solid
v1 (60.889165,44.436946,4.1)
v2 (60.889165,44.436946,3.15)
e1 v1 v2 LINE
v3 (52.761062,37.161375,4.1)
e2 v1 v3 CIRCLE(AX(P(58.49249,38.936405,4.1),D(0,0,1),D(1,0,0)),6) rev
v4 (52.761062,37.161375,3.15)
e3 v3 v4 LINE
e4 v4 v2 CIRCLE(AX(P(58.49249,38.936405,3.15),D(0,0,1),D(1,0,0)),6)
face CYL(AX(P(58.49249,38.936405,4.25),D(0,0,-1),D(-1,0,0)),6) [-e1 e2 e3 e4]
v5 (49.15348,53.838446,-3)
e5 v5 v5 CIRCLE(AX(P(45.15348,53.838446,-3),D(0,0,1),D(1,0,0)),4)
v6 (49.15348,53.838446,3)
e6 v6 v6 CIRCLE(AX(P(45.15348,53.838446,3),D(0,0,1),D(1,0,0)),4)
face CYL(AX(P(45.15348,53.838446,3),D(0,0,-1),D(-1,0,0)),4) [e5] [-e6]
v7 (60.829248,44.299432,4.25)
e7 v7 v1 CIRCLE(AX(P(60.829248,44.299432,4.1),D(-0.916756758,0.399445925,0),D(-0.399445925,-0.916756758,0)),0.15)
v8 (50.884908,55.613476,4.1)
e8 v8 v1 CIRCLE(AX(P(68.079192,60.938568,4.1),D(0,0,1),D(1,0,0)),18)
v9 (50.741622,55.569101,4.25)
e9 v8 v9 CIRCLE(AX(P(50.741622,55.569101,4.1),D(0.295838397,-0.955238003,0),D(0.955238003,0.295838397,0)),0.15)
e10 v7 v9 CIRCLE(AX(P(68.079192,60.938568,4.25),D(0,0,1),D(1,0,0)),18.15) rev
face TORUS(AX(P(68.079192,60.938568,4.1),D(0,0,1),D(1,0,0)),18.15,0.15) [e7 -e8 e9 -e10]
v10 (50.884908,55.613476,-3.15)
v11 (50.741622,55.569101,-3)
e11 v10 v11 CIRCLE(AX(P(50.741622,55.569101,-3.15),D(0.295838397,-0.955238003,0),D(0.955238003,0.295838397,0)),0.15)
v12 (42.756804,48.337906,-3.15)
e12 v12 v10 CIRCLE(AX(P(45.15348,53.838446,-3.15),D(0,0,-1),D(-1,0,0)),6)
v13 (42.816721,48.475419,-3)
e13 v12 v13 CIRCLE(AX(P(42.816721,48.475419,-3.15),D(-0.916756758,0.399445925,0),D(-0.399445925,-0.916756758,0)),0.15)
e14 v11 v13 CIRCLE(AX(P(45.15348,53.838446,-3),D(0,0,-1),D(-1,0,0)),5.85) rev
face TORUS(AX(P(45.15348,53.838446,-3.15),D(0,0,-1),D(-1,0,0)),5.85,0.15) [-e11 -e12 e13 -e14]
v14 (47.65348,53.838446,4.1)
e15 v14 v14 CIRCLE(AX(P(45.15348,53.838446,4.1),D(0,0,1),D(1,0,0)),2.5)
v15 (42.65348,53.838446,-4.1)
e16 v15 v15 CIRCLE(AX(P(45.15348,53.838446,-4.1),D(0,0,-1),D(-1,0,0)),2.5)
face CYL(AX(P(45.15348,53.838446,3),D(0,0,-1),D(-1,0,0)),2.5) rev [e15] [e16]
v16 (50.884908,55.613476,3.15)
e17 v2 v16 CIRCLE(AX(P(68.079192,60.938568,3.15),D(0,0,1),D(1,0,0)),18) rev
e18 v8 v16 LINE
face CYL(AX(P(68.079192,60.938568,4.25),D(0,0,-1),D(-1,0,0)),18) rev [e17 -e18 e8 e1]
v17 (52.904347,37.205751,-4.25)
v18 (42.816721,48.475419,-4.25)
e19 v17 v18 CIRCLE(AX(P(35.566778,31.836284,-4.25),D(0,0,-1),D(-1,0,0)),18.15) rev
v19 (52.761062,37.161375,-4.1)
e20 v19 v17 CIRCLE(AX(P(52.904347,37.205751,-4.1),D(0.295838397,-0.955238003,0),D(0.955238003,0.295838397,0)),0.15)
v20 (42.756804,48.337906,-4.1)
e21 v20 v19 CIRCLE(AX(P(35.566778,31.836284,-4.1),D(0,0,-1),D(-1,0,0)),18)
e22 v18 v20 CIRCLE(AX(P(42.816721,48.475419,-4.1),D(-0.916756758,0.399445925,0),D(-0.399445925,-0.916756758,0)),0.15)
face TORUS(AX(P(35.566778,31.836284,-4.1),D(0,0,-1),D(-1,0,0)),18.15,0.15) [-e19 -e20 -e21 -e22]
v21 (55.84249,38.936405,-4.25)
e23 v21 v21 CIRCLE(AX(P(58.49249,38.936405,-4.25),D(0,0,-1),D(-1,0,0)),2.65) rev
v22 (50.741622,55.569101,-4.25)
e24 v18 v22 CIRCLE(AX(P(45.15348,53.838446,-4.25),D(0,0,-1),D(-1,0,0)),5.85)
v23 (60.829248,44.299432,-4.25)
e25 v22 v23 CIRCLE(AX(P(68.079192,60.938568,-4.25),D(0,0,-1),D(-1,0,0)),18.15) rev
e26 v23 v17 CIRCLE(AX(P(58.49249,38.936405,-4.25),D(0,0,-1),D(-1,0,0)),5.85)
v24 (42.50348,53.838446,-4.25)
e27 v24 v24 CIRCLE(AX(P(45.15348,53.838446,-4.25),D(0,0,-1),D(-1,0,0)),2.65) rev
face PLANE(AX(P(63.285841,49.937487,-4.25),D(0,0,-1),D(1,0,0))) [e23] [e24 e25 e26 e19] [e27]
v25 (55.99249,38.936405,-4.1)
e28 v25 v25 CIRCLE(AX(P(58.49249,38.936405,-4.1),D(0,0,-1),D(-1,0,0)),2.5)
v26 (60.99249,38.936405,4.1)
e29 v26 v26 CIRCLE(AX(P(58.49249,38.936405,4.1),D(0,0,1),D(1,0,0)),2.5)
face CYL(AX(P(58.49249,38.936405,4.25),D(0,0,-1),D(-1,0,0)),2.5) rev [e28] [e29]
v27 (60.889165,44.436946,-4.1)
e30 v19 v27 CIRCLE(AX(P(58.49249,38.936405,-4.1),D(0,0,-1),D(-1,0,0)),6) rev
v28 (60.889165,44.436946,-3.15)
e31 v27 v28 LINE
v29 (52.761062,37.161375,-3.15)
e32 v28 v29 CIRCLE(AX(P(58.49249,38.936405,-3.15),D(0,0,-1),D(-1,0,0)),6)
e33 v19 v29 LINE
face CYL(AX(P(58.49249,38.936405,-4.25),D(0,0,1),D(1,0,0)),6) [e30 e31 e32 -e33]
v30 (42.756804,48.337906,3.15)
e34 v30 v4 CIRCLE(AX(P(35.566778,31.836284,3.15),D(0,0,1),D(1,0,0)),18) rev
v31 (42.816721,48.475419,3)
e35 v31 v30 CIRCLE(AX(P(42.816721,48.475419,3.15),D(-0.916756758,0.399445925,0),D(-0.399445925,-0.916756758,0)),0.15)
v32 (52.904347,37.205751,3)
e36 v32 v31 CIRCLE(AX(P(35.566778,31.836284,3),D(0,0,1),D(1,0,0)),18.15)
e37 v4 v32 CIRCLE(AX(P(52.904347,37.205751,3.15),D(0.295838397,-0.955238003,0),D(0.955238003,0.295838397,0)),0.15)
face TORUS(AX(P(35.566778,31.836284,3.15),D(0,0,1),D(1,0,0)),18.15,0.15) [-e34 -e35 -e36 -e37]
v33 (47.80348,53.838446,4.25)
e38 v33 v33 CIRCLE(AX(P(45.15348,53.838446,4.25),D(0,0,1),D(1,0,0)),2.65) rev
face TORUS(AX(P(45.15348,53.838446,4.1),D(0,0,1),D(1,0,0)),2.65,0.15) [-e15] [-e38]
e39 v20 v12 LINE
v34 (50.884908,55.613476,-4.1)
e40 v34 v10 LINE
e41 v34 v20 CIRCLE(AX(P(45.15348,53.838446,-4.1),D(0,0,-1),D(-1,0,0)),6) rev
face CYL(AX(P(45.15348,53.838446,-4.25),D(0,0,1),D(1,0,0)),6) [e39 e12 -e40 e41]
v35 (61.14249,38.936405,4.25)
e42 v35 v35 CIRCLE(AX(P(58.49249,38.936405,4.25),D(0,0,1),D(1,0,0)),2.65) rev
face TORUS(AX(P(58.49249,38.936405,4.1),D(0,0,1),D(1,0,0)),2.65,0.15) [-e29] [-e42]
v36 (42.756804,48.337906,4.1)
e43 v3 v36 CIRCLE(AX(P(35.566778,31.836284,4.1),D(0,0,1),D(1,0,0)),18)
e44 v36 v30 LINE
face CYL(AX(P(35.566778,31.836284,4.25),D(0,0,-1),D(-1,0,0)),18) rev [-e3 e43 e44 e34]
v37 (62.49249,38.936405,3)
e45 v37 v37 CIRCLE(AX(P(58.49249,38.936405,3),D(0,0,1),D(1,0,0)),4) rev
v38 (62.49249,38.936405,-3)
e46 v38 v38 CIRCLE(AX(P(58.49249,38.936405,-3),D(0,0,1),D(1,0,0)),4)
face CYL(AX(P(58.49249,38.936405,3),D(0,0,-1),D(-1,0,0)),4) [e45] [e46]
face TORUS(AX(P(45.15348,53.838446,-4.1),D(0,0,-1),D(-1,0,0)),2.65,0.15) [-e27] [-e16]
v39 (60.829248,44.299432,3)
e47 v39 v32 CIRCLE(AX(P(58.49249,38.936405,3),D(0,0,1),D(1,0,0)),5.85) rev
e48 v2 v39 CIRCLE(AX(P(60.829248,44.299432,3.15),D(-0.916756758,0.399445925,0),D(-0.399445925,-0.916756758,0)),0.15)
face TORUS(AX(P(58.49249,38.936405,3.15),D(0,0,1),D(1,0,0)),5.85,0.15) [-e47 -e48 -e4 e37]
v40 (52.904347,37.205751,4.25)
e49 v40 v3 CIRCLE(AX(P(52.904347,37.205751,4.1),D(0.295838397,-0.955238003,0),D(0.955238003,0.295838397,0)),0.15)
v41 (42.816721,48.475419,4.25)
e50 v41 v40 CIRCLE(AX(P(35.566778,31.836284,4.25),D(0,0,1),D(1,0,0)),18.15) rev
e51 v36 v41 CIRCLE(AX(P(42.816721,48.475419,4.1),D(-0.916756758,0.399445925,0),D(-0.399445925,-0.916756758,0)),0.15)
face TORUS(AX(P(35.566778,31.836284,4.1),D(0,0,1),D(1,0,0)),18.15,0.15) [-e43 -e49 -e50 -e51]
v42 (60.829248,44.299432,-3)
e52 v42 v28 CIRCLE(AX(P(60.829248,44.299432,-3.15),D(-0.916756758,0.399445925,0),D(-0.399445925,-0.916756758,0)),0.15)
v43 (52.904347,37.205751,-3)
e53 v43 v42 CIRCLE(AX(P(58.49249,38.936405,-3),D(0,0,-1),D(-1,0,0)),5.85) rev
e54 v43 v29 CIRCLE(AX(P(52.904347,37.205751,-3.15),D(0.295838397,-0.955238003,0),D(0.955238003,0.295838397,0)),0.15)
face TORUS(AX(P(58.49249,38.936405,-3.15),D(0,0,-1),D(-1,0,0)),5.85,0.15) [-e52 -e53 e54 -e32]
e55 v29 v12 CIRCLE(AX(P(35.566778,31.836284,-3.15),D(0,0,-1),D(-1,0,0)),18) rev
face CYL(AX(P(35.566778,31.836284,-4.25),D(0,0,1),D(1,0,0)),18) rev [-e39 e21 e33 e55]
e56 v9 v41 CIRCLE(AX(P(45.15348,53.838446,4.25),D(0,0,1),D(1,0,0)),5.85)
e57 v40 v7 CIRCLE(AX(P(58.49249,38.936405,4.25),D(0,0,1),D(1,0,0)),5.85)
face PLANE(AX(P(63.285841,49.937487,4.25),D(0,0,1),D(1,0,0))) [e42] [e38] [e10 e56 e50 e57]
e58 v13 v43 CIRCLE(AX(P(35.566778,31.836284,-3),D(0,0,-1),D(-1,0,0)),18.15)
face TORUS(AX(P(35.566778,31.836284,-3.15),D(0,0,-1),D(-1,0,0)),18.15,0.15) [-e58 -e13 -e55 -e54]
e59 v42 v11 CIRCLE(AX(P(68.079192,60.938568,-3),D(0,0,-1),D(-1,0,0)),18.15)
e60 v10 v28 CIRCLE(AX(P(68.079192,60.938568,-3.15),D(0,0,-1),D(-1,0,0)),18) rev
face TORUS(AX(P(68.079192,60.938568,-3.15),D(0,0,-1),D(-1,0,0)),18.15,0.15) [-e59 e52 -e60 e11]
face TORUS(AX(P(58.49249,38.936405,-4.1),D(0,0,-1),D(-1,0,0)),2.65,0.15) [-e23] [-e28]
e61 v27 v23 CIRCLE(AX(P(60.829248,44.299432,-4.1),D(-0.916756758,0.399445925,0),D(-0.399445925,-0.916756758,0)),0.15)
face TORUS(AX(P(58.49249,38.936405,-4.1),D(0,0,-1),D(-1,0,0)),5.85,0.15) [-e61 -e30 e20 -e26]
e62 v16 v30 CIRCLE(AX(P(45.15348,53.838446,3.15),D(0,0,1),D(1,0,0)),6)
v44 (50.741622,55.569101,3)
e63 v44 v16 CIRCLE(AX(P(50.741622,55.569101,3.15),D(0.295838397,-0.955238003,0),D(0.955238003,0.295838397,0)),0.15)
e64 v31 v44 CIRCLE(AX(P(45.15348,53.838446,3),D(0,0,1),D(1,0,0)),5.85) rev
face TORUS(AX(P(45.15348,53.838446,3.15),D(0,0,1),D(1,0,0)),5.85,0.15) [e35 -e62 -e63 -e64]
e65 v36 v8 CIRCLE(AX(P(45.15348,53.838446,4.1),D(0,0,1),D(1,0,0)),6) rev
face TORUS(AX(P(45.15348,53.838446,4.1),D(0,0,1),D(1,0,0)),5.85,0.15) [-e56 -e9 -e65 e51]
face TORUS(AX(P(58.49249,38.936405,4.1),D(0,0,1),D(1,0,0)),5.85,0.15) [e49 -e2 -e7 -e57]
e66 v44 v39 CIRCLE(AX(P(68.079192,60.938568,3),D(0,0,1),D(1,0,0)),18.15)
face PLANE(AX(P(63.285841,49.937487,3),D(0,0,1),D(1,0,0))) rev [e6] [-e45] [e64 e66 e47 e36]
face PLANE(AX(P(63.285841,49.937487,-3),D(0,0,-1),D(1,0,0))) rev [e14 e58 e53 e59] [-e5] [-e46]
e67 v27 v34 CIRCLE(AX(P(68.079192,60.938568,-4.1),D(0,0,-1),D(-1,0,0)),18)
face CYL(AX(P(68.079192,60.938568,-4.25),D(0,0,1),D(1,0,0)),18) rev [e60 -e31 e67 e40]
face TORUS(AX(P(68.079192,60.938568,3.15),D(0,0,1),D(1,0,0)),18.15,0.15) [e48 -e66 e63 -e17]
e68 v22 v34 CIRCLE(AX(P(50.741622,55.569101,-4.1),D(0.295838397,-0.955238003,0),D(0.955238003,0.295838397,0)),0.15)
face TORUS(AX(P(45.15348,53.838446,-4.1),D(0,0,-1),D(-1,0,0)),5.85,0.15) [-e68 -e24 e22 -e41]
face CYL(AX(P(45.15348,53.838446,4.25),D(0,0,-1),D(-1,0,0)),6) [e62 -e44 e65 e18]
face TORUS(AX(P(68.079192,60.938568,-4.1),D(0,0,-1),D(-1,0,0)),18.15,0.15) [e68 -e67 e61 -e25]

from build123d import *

# Parameters (mm, degrees)
SKETCH_4_R        = 4
SKETCH_4_R_2      = 2.5
EXTRUDE_1_DEPTH   = 3
EXTRUDE_1_2_DEPTH = 3
SKETCH_5_R        = 2.5
EXTRUDE_2_DEPTH   = 1.25
FILLET_1_R        = 0.15


with BuildPart() as part:
    # Эскиз4 → Бобышка-Вытянуть1 (new, symmetric)
    with BuildSketch(Plane.XY):
        with Locations((45.153479747, 53.838446064)):
            Circle(SKETCH_4_R)
        with Locations((45.153479747, 53.838446064)):
            Circle(SKETCH_4_R_2, mode=Mode.SUBTRACT)
    extrude(amount=EXTRUDE_1_DEPTH, both=True)



with BuildPart() as body_2:
    # Эскиз4 → Extrude 1 2 (new, symmetric)
    with BuildSketch(Plane.XY):
        with Locations((58.492489618, 38.936405409)):
            Circle(SKETCH_4_R)
        with Locations((58.492489618, 38.936405409)):
            Circle(SKETCH_4_R_2, mode=Mode.SUBTRACT)
    extrude(amount=EXTRUDE_1_2_DEPTH, both=True)


with BuildPart() as part_1:
    add(part.part)

    add(body_2.part)  # Бобышка-Вытянуть2 merges body 2
    # Эскиз5 → Бобышка-Вытянуть2 (add)
    with BuildSketch(Plane.XY.offset(3)):
        with BuildLine():
            ThreePointArc((52.761061598, 37.161375027), (48.978614129, 43.841392763), (42.756804195, 48.337905518))
            ThreePointArc((42.756804195, 48.337905518), (41.151776786, 58.309058261), (50.884907766, 55.613476447))
            ThreePointArc((50.884907766, 55.613476447), (54.667355235, 48.933458711), (60.889165169, 44.436945956))
            ThreePointArc((60.889165169, 44.436945956), (62.494192579, 34.465793213), (52.761061598, 37.161375027))
        make_face()
        with Locations((45.153479747, 53.838446064)):
            Circle(SKETCH_5_R, mode=Mode.SUBTRACT)
        with Locations((58.492489618, 38.936405409)):
            Circle(SKETCH_5_R, mode=Mode.SUBTRACT)
    extrude_2 = extrude(amount=EXTRUDE_2_DEPTH)

    # Зеркальное отражение1: Бобышка-Вытянуть2 across plane
    add(extrude_2.mirror(Plane.XY))

    # Скругление1
    fillet_1_edges = [part_1.edges().sort_by_distance(p)[0] for p in [
        (62.494192579, 34.465793213, -4.25),
        (48.978614129, 43.841392763, -4.25),
        (41.151776786, 58.309058261, -4.25),
        (54.667355235, 48.933458711, -4.25),
        (55.992489618, 38.936405409, -4.25),
        (42.653479747, 53.838446064, -4.25),
        (62.494192579, 34.465793213, -3),
        (54.667355235, 48.933458711, -3),
        (41.151776786, 58.309058261, -3),
        (48.978614129, 43.841392763, -3),
        (62.494192579, 34.465793213, 4.25),
        (54.667355235, 48.933458711, 4.25),
        (41.151776786, 58.309058261, 4.25),
        (48.978614129, 43.841392763, 4.25),
        (62.494192579, 34.465793213, 3),
        (54.667355235, 48.933458711, 3),
        (41.151776786, 58.309058261, 3),
        (48.978614129, 43.841392763, 3),
        (42.653479747, 53.838446064, 4.25),
        (55.992489618, 38.936405409, 4.25),
    ]]
    fillet(fillet_1_edges, radius=FILLET_1_R)


solid = part_1.part
